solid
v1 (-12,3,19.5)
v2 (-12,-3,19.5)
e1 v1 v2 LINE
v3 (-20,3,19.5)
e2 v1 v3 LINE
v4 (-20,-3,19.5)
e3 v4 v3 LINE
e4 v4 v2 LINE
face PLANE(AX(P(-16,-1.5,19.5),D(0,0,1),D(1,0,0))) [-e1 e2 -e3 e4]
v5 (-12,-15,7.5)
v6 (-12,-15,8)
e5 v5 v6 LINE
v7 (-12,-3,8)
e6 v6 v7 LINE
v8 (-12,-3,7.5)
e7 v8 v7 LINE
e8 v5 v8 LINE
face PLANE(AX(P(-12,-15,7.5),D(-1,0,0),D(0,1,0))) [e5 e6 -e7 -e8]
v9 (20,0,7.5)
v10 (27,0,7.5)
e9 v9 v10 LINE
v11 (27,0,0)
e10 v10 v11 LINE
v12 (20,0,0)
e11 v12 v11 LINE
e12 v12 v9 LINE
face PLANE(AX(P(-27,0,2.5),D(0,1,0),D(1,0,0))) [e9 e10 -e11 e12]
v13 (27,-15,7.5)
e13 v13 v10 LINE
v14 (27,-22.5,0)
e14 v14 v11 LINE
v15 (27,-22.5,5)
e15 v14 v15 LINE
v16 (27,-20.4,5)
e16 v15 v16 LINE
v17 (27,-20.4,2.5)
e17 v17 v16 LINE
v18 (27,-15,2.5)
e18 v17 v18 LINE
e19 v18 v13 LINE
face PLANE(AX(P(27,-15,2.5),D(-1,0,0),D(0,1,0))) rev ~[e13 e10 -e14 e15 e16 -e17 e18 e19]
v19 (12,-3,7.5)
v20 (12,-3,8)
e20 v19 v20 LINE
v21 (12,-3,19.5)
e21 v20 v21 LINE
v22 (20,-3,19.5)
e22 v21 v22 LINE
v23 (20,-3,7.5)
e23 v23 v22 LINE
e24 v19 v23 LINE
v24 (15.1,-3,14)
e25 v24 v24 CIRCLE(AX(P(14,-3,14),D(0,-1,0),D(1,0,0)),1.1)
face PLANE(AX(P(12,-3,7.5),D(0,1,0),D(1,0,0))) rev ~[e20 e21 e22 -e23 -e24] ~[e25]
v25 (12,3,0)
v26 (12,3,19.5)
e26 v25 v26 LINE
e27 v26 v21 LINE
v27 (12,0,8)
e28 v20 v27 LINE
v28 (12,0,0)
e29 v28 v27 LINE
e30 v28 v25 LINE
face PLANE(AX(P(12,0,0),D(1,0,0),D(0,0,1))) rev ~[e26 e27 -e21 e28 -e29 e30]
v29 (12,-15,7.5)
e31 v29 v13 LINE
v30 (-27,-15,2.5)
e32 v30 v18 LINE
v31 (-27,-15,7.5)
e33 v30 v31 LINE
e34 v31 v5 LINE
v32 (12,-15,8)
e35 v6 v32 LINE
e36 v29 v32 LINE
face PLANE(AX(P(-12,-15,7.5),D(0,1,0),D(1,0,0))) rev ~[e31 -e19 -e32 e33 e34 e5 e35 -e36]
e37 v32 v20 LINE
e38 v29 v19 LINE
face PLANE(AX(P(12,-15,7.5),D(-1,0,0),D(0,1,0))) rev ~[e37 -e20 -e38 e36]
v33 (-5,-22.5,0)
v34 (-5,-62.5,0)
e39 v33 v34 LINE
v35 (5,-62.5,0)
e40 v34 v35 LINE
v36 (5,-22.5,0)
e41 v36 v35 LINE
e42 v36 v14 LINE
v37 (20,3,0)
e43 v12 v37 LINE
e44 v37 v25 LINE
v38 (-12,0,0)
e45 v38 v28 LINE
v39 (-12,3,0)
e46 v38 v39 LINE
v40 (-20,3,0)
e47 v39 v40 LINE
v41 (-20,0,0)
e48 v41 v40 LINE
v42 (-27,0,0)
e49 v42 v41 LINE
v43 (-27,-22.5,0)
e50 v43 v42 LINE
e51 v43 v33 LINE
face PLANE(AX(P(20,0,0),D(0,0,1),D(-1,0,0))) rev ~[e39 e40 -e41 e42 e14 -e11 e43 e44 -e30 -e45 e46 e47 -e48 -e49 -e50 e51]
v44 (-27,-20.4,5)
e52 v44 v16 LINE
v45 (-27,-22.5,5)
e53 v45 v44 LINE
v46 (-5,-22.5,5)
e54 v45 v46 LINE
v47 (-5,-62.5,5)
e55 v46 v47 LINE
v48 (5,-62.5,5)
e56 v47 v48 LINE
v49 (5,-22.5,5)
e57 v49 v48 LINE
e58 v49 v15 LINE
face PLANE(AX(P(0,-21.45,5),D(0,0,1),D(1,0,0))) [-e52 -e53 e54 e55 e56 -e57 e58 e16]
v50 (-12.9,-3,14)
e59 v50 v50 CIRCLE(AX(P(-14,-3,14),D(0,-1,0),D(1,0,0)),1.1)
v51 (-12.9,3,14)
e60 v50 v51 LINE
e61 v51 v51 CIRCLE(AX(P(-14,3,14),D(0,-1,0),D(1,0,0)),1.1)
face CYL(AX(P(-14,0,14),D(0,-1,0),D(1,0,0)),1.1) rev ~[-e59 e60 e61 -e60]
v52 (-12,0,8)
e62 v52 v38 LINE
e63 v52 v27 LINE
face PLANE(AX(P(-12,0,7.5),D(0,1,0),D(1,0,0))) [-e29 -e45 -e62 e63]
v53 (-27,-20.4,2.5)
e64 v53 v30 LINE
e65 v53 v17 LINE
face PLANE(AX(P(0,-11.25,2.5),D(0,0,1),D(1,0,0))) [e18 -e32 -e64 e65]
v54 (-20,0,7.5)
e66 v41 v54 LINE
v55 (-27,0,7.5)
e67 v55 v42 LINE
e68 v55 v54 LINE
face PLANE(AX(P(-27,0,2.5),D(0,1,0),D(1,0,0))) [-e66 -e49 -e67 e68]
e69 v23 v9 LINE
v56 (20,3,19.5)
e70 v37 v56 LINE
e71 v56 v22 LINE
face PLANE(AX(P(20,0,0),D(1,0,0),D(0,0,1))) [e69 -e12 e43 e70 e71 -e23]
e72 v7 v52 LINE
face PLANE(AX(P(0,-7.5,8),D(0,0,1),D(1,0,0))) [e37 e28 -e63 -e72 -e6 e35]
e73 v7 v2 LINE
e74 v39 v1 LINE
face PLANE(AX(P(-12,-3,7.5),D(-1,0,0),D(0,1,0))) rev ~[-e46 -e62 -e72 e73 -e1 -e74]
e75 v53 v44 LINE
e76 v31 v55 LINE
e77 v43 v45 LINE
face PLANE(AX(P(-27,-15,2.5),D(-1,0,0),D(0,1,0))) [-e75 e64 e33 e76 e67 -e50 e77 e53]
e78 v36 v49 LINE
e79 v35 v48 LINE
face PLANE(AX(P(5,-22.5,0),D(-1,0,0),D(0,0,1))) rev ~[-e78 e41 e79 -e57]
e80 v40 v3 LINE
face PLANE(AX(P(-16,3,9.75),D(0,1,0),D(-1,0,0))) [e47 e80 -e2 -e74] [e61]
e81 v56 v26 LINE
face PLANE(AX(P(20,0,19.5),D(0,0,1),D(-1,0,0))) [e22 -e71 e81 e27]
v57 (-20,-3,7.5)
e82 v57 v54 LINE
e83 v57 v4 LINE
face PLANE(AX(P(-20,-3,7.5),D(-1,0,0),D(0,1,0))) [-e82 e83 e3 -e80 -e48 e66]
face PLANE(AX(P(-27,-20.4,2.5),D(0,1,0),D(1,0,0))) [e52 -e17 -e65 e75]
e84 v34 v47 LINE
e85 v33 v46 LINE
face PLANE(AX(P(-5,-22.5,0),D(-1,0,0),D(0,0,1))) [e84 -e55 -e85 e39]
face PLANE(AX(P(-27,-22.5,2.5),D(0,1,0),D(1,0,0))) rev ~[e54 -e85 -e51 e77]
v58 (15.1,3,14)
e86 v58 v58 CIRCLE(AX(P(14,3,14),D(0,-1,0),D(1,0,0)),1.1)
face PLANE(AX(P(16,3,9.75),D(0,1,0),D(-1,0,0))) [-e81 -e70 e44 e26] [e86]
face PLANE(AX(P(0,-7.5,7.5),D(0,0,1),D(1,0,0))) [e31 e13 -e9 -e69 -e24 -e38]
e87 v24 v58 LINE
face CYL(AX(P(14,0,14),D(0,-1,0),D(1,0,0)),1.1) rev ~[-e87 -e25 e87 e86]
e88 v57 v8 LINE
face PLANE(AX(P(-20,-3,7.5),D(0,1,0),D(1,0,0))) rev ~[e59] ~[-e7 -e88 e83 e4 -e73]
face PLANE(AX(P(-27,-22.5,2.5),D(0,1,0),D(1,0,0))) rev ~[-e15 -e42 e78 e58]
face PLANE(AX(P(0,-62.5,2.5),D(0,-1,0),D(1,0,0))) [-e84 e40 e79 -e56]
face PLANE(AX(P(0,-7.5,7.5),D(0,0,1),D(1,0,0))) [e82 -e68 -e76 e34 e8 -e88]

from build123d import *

# Parameters (mm, degrees)
SKETCH_W        = 54
SKETCH_H        = 22.5
PAD_DEPTH       = 2.5
SKETCH001_W     = 54
SKETCH001_H     = 2.1
PAD001_DEPTH    = 2.5
SKETCH002_W     = 10
SKETCH002_H     = 5
PAD002_DEPTH    = 40
SKETCH003_W     = 54
SKETCH003_H     = 15
PAD003_DEPTH    = 5
SKETCH004_W     = 8
SKETCH004_H     = 3
PAD004_DEPTH    = 12
SKETCH005_R     = 1.1
POCKET_DEPTH    = 10
SKETCH006_W     = 8
SKETCH006_H     = 19.5
PAD005_DEPTH    = 3
SKETCH007_R     = 1.1
POCKET001_DEPTH = 5
SKETCH008_W     = 24
SKETCH008_H     = 15
PAD006_DEPTH    = 0.5


with BuildPart() as part:
    # Sketch → Pad (new body)
    with BuildSketch(Plane.XY):
        with Locations((0, -11.25)):
            Rectangle(SKETCH_W, SKETCH_H)
    extrude(amount=PAD_DEPTH)

    # Sketch001 (on Face6 of Pad) → Pad001 (join)
    with BuildSketch(Plane.XY.offset(2.5)):
        with Locations((0, -21.45)):
            Rectangle(SKETCH001_W, SKETCH001_H)
    extrude(amount=PAD001_DEPTH)

    # Sketch002 (on Face10 of Pad001) → Pad002 (join)
    with BuildSketch(Plane.XZ.offset(22.5)):
        with Locations((0, 2.5)):
            Rectangle(SKETCH002_W, SKETCH002_H)
    extrude(amount=PAD002_DEPTH)

    # Sketch003 (on Face5 of Pad002) → Pad003 (join)
    with BuildSketch(Plane.XY.offset(2.5)):
        with Locations((0, -7.5)):
            Rectangle(SKETCH003_W, SKETCH003_H)
    extrude(amount=PAD003_DEPTH)

    # Sketch004 (on Face14 of Pad003) → Pad004 (join)
    with BuildSketch(Plane.XY.offset(7.5)):
        with Locations((16, -1.5)):
            Rectangle(SKETCH004_W, SKETCH004_H)
        with Locations((-16, -1.5)):
            Rectangle(SKETCH004_W, SKETCH004_H)
    extrude(amount=PAD004_DEPTH)

    # Sketch005 (on Face26 of Pad004) → Pocket (cut)
    with BuildSketch(Plane.XZ.offset(3)):
        with Locations((-14, 14)):
            Circle(SKETCH005_R)
        with Locations((14, 14)):
            Circle(SKETCH005_R)
    extrude(amount=-POCKET_DEPTH, mode=Mode.SUBTRACT)

    # Sketch006 (on Face5 of Pocket) → Pad005 (join)
    with BuildSketch(Plane(origin=(0, 0, 0), x_dir=(-1, 0, 0), z_dir=(0, 1, 0))):
        with Locations((-16, 9.75)):
            Rectangle(SKETCH006_W, SKETCH006_H)
        with Locations((16, 9.75)):
            Rectangle(SKETCH006_W, SKETCH006_H)
    extrude(amount=PAD005_DEPTH)

    # Sketch007 (on Face49 of Pad005) → Pocket001 (cut)
    with BuildSketch(Plane.XZ):
        with Locations((-14, 14)):
            Circle(SKETCH007_R)
        with Locations((14, 14)):
            Circle(SKETCH007_R)
    extrude(amount=-POCKET001_DEPTH, mode=Mode.SUBTRACT)

    # Sketch008 (on Face17 of Pocket001) → Pad006 (join)
    with BuildSketch(Plane.XY.offset(7.5)):
        with Locations((0, -7.5)):
            Rectangle(SKETCH008_W, SKETCH008_H)
    extrude(amount=PAD006_DEPTH)


solid = part.part
